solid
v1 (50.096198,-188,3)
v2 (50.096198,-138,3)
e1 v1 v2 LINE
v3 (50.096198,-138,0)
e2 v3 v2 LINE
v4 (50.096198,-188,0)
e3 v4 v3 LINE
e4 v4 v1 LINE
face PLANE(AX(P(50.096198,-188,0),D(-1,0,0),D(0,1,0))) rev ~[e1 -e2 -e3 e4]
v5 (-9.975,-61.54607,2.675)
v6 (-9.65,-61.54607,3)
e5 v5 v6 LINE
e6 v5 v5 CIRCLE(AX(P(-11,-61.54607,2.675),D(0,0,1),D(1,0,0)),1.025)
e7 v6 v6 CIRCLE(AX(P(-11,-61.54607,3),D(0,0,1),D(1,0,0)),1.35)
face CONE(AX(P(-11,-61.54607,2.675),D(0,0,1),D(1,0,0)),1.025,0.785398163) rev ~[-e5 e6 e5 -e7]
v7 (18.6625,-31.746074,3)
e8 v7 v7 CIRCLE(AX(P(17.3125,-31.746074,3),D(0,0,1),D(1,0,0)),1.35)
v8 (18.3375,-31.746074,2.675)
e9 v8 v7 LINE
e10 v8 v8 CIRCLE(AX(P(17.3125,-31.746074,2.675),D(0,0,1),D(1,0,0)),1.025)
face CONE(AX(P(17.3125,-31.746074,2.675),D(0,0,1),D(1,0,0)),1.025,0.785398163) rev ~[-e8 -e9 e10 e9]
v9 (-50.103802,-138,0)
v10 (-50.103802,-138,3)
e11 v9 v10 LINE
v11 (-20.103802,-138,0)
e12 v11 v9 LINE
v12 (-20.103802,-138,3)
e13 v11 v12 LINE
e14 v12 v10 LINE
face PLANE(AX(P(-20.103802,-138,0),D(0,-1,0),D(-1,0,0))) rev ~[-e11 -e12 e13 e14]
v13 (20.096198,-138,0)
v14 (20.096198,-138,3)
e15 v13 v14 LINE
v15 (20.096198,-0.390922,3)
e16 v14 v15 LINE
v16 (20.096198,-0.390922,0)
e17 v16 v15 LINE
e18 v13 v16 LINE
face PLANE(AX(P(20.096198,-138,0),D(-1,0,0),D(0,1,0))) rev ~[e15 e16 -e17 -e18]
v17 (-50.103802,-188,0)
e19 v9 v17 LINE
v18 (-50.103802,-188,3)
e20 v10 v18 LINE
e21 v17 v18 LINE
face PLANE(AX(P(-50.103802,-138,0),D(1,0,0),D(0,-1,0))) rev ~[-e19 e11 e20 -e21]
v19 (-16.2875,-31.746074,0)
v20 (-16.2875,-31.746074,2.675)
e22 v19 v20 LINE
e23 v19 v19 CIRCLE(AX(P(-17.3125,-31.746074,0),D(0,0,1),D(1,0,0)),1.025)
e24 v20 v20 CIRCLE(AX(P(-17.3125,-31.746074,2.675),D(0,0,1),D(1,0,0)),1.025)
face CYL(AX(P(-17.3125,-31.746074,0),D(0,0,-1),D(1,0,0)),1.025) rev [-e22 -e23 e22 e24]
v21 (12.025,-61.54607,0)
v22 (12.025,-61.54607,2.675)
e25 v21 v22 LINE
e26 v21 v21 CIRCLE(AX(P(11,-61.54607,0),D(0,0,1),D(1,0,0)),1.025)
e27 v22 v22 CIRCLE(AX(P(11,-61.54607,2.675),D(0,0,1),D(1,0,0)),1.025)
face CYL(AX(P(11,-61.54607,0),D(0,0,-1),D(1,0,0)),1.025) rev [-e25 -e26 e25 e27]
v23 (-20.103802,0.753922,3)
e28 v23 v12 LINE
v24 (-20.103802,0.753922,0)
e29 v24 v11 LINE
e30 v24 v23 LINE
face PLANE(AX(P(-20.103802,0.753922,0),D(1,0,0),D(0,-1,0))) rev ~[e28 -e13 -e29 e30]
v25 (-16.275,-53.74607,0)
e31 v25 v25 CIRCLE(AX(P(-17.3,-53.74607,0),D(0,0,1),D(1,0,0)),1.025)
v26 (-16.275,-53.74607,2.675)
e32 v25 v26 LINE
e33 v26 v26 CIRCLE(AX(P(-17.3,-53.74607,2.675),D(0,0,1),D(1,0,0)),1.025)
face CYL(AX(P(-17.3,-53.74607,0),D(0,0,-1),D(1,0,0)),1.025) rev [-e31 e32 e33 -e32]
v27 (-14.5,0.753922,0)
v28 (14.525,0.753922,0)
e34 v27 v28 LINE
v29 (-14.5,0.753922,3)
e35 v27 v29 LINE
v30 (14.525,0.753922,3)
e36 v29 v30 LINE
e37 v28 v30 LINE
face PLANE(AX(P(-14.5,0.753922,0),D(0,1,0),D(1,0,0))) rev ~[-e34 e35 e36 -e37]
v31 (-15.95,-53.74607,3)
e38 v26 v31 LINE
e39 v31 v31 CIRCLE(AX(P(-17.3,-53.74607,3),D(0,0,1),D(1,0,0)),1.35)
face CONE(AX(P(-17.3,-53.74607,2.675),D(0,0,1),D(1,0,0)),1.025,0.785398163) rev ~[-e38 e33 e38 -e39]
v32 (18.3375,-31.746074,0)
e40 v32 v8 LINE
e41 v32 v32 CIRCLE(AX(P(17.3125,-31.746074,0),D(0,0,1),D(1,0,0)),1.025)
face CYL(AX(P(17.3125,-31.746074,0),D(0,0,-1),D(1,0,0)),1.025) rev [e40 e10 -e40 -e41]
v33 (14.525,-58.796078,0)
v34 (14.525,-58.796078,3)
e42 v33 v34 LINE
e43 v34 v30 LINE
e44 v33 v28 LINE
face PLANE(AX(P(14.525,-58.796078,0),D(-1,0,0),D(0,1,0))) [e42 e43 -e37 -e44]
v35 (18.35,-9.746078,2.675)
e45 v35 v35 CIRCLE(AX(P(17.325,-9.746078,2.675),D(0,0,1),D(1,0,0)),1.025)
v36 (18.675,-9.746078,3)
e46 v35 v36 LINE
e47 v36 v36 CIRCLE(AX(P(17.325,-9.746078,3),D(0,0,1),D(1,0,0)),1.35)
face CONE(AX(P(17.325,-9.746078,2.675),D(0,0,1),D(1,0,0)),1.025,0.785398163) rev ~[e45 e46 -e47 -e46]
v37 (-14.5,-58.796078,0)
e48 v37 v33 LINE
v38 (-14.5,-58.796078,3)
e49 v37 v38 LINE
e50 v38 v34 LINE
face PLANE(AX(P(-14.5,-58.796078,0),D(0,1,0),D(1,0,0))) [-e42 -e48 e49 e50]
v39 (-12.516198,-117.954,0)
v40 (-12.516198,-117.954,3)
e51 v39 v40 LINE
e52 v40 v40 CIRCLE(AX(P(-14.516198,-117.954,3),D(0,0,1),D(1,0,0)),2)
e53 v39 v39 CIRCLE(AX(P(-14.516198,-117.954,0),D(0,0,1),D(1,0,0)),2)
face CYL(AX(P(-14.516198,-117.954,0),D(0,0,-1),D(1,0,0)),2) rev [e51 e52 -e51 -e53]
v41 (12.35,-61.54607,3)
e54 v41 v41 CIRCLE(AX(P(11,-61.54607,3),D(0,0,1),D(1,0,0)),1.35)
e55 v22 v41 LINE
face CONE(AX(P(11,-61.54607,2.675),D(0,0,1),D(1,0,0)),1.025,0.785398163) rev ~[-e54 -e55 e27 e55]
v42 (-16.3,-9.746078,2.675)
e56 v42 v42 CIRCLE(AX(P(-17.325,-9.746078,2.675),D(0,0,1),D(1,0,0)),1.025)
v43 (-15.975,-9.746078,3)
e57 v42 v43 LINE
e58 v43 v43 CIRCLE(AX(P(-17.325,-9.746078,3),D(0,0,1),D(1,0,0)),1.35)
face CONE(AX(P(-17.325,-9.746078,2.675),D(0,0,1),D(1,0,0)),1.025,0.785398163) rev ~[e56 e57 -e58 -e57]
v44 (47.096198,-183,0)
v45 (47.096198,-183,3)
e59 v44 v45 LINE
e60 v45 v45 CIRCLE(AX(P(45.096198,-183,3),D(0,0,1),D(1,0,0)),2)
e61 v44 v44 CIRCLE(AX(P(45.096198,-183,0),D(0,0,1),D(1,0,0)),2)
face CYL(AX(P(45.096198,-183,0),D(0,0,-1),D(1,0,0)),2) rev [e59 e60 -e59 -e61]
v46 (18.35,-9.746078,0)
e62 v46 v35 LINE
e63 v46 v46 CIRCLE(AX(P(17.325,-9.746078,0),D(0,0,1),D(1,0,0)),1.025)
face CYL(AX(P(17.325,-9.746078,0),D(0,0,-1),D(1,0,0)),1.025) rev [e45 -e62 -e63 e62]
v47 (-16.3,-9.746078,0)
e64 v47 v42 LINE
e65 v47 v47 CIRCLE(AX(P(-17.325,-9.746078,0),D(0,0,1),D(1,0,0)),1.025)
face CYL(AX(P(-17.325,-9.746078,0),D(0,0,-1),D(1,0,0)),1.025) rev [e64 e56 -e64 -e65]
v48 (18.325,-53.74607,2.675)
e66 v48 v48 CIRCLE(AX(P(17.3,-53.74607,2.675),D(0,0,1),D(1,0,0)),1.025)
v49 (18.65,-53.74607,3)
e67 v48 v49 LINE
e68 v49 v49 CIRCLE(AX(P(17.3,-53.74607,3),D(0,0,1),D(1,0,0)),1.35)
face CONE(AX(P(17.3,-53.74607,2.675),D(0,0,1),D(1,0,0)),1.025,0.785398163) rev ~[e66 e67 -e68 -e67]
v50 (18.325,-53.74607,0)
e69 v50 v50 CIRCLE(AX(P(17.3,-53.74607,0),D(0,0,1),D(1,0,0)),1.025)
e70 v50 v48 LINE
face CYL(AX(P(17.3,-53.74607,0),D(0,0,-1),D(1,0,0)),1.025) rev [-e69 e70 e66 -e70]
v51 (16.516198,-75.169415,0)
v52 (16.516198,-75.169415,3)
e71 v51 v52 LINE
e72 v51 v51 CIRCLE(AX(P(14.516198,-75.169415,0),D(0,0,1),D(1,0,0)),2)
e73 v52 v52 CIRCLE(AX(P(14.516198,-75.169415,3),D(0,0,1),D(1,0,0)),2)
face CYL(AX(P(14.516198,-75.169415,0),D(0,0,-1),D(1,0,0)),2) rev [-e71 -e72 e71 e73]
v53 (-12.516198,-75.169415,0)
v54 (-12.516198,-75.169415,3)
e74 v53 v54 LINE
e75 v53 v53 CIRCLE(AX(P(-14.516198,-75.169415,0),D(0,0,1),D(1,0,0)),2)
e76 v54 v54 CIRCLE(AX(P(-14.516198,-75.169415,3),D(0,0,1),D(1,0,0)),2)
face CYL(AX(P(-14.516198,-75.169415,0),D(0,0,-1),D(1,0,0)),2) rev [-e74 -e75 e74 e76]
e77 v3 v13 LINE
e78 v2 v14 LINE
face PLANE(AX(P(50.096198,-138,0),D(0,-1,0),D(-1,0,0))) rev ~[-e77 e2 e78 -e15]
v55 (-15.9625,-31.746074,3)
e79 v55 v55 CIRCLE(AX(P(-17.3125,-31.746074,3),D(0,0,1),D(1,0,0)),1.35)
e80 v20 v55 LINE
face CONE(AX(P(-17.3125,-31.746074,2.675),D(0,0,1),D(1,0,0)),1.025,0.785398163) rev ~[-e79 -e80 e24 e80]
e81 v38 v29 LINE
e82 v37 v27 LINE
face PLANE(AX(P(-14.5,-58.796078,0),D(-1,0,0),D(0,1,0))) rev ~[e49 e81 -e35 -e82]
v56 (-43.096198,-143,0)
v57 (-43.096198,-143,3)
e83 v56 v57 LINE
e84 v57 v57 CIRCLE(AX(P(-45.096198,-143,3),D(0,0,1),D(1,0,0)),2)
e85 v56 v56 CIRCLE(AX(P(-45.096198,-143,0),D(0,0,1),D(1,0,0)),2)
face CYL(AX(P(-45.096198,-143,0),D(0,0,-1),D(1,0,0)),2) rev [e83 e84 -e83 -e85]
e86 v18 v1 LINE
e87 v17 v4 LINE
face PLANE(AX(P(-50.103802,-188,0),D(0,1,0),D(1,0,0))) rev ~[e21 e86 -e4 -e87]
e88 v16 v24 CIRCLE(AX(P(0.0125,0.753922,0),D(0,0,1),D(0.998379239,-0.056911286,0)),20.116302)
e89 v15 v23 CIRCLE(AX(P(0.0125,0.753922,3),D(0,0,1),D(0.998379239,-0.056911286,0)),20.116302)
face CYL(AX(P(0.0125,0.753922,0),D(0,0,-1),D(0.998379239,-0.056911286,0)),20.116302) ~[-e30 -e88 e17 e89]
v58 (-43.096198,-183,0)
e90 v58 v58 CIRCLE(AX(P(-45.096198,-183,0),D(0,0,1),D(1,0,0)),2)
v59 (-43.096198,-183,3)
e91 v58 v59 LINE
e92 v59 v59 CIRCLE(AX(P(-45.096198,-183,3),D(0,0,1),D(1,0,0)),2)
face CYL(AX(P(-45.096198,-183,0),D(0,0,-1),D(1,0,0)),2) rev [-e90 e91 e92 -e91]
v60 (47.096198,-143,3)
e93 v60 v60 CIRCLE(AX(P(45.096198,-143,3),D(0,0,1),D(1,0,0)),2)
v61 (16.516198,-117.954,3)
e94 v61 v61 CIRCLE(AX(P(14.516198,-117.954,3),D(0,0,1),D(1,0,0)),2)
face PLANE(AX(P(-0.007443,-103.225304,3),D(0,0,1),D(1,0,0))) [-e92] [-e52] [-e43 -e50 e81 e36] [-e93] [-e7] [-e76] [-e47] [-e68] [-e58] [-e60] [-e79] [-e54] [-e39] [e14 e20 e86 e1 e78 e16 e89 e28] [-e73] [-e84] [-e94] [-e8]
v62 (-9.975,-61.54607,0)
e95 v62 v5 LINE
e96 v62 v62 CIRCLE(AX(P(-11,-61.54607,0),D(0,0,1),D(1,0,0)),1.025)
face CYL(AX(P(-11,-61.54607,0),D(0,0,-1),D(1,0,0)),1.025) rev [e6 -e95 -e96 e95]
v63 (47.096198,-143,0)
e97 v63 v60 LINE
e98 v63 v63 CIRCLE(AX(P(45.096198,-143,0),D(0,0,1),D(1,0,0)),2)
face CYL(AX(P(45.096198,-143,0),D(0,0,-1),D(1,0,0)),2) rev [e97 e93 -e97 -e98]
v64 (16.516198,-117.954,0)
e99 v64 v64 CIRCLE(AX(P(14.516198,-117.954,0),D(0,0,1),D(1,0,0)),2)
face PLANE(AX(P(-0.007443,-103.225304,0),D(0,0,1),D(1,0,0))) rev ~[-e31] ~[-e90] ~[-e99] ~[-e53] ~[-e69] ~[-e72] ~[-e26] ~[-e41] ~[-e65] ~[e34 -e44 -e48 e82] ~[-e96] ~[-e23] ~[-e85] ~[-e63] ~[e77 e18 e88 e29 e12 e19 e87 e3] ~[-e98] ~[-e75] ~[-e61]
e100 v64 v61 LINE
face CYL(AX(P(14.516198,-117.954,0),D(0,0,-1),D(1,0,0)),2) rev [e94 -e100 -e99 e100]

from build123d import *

# Parameters (mm, degrees)
ESBO_O1_R                = 2
ESBO_O1_R_2              = 1.025
ESBO_O1_W                = 29.025
ESBO_O1_H                = 59.55
RESSALTO_EXTRUS_O2_DEPTH = 3
CHANFRO1_SIZE            = 0.325


with BuildPart() as part:
    # Esboço1 → Ressalto-extrusão2 (new body)
    with BuildSketch(Plane.XY):
        with BuildLine():
            Line((-20.103801855, 0.75392245), (-20.103801855, -138))
            Line((-20.103801855, -138), (-50.103801855, -138))
            Line((-50.103801855, -138), (-50.103801855, -188))
            Line((-50.103801855, -188), (50.096198145, -188))
            Line((50.096198145, -188), (50.096198145, -138))
            Line((50.096198145, -138), (20.096198145, -138))
            Line((20.096198145, -138), (20.096198145, -0.390922156))
            ThreePointArc((20.096198145, -0.390922156), (0.585154384, 20.862071726), (-20.103801855, 0.75392245))
        make_face()
        with Locations((45.096198145, -143)):
            Circle(ESBO_O1_R, mode=Mode.SUBTRACT)
        with Locations((45.096198145, -183)):
            Circle(ESBO_O1_R, mode=Mode.SUBTRACT)
        with Locations((-45.096198145, -183)):
            Circle(ESBO_O1_R, mode=Mode.SUBTRACT)
        with Locations((-45.096198145, -143)):
            Circle(ESBO_O1_R, mode=Mode.SUBTRACT)
        with Locations((14.516198145, -75.169414559)):
            Circle(ESBO_O1_R, mode=Mode.SUBTRACT)
        with Locations((14.516198145, -117.953999713)):
            Circle(ESBO_O1_R, mode=Mode.SUBTRACT)
        with Locations((-14.516198145, -117.953999713)):
            Circle(ESBO_O1_R, mode=Mode.SUBTRACT)
        with Locations((-14.516198145, -75.169414559)):
            Circle(ESBO_O1_R, mode=Mode.SUBTRACT)
        with Locations((17.325, -9.74607755)):
            Circle(ESBO_O1_R_2, mode=Mode.SUBTRACT)
        with Locations((-17.325, -9.74607755)):
            Circle(ESBO_O1_R_2, mode=Mode.SUBTRACT)
        with Locations((17.3125, -31.746073996)):
            Circle(ESBO_O1_R_2, mode=Mode.SUBTRACT)
        with Locations((17.3, -53.746070443)):
            Circle(ESBO_O1_R_2, mode=Mode.SUBTRACT)
        with Locations((-17.3, -53.746070443)):
            Circle(ESBO_O1_R_2, mode=Mode.SUBTRACT)
        with Locations((-17.3125, -31.746073996)):
            Circle(ESBO_O1_R_2, mode=Mode.SUBTRACT)
        with Locations((11, -61.546070443)):
            Circle(ESBO_O1_R_2, mode=Mode.SUBTRACT)
        with Locations((-11, -61.546070443)):
            Circle(ESBO_O1_R_2, mode=Mode.SUBTRACT)
        with Locations((0.0125, -29.02107755)):
            Rectangle(ESBO_O1_W, ESBO_O1_H, mode=Mode.SUBTRACT)
    extrude(amount=RESSALTO_EXTRUS_O2_DEPTH)

    # Chanfro1
    chanfro1_edges = [part.edges().sort_by_distance(p)[0] for p in [
        (16.2875, -31.746073996, 3),
        (16.275, -53.746070443, 3),
        (-18.325, -53.746070443, 3),
        (9.975, -61.546070443, 3),
        (-12.025, -61.546070443, 3),
        (-18.3375, -31.746073996, 3),
        (-18.35, -9.74607755, 3),
        (16.3, -9.74607755, 3),
    ]]
    chamfer(chanfro1_edges, length=CHANFRO1_SIZE)


solid = part.part
